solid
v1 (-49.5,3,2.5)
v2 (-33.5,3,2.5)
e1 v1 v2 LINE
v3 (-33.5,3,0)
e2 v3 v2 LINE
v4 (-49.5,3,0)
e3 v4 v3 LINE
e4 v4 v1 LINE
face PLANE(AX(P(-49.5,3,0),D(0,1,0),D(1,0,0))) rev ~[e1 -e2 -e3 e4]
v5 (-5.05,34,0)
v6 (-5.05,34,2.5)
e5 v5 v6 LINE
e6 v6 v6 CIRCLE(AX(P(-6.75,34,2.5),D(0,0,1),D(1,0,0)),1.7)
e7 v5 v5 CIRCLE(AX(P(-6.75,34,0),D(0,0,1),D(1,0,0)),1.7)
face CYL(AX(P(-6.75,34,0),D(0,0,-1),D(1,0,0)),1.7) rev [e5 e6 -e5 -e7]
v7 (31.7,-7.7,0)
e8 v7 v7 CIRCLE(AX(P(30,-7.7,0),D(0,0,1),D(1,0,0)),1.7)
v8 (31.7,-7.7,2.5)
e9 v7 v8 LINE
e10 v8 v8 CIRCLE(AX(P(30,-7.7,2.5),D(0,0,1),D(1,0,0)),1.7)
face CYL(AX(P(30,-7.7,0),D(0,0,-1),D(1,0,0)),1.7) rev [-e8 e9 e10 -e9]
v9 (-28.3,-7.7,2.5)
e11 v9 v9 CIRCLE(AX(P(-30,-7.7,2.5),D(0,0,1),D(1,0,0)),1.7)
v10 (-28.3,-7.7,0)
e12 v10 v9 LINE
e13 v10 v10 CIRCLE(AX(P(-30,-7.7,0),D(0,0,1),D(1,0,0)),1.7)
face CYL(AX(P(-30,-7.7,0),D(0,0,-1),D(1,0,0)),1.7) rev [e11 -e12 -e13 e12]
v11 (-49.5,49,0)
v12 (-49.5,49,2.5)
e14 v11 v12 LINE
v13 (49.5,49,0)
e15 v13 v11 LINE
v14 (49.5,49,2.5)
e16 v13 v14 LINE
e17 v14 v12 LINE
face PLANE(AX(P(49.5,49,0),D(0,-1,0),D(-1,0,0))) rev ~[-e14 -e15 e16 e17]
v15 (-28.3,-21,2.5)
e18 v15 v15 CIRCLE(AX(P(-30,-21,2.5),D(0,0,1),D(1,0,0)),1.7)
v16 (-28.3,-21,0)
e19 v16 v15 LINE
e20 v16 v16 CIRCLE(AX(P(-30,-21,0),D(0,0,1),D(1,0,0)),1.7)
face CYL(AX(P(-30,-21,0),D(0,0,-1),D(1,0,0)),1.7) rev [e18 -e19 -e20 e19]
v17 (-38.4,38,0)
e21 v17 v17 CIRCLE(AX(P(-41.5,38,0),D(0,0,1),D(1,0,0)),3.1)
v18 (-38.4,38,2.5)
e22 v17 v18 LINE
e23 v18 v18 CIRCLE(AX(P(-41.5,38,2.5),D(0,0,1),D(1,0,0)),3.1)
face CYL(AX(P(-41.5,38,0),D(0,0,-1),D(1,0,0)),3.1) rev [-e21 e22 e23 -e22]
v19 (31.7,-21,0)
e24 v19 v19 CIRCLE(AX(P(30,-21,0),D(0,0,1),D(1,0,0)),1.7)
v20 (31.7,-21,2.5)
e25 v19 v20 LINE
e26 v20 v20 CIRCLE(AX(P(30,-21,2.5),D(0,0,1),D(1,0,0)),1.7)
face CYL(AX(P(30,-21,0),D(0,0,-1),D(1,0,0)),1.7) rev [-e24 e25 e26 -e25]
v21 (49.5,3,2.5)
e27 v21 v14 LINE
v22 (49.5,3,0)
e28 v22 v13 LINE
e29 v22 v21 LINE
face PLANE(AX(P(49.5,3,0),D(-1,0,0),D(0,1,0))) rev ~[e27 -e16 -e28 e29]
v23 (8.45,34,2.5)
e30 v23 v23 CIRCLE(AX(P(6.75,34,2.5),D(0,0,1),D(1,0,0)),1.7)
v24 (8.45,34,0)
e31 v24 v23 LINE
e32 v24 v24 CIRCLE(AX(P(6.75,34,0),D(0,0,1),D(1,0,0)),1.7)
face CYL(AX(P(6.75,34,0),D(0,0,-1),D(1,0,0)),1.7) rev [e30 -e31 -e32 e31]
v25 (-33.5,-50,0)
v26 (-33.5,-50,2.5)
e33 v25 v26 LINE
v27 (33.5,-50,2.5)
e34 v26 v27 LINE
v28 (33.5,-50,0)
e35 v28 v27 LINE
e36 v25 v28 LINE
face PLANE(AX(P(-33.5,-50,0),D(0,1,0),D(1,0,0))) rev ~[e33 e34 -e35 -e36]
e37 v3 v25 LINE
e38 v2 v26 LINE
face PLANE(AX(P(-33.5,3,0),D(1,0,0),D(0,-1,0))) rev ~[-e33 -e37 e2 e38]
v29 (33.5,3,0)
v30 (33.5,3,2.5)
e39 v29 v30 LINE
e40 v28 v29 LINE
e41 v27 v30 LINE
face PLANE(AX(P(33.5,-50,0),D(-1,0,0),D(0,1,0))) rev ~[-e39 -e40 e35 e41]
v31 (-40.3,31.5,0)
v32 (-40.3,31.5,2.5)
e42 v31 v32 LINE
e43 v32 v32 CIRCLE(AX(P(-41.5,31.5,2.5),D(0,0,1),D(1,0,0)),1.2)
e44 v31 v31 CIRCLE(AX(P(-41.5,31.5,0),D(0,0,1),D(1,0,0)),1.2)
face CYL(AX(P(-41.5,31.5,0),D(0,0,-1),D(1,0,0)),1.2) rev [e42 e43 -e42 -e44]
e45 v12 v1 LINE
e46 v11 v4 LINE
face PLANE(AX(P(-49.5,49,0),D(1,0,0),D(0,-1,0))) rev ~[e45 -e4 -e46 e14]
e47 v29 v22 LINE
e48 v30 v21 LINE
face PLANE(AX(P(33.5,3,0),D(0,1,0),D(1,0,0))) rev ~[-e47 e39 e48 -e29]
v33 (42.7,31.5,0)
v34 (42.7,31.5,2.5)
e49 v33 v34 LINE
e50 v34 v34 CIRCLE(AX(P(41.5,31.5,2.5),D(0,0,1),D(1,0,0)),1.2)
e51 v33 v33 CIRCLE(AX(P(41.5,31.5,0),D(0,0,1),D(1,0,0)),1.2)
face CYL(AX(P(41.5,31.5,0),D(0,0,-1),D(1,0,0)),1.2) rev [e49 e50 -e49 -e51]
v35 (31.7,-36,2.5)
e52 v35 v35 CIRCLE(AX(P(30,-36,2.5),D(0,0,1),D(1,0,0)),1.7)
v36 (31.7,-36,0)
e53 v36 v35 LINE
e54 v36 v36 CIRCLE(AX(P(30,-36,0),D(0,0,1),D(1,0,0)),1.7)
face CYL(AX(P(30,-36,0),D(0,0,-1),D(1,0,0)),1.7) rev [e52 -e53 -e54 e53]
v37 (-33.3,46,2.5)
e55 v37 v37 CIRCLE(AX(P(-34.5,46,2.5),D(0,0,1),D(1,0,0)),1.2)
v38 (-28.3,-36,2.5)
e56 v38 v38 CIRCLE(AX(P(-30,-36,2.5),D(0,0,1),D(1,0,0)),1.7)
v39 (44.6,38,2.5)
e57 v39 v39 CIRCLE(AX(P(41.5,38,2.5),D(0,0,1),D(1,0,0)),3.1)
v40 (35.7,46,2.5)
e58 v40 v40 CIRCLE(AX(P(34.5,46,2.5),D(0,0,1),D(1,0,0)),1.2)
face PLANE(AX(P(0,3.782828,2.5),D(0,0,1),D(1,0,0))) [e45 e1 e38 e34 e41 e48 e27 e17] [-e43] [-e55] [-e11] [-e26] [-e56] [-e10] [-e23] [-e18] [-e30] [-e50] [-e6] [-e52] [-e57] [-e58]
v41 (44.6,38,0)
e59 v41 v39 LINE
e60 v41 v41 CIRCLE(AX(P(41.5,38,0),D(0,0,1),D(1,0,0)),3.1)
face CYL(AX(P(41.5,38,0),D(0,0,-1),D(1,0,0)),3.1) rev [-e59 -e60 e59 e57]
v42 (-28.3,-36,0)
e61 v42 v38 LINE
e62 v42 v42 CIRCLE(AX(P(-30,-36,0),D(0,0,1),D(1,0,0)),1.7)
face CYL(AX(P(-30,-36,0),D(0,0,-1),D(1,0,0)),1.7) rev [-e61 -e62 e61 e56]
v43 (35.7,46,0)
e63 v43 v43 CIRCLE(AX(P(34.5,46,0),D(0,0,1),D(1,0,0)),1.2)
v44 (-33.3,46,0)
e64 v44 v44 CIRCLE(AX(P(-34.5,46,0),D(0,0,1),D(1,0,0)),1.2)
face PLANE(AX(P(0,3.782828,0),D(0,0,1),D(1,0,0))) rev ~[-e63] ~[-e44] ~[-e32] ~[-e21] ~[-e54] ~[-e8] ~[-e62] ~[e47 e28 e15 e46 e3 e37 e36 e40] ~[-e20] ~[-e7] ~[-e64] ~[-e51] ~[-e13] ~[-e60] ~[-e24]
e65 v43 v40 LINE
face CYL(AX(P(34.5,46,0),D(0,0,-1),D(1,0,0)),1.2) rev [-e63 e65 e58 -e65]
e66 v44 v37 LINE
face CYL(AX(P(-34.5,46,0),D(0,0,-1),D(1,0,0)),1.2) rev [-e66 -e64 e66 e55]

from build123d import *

# Parameters (mm, degrees)
F0_R     = 1.7
F0_R_2   = 1.2
F0_R_3   = 3.1
F1_DEPTH = 2.5


with BuildPart() as f1:
    # F0 (on Top) → F1 (new body)
    with BuildSketch(Plane.XY):
        Polygon((49.5, 49), (0, 49), (-49.5, 49), (-49.5, 3), (-33.5, 3), (-33.5, -50), (0, -50), (33.5, -50), (33.5, 3), (49.5, 3), align=None)
        with Locations((-30, -36)):
            Circle(F0_R, mode=Mode.SUBTRACT)
        with Locations((-30, -21)):
            Circle(F0_R, mode=Mode.SUBTRACT)
        with Locations((-30, -7.7)):
            Circle(F0_R, mode=Mode.SUBTRACT)
        with Locations((30, -36)):
            Circle(F0_R, mode=Mode.SUBTRACT)
        with Locations((30, -21)):
            Circle(F0_R, mode=Mode.SUBTRACT)
        with Locations((30, -7.7)):
            Circle(F0_R, mode=Mode.SUBTRACT)
        with Locations((-41.5, 31.5)):
            Circle(F0_R_2, mode=Mode.SUBTRACT)
        with Locations((-41.5, 38)):
            Circle(F0_R_3, mode=Mode.SUBTRACT)
        with Locations((-34.5, 46)):
            Circle(F0_R_2, mode=Mode.SUBTRACT)
        with Locations((-6.75, 34)):
            Circle(F0_R, mode=Mode.SUBTRACT)
        with Locations((6.75, 34)):
            Circle(F0_R, mode=Mode.SUBTRACT)
        with Locations((41.5, 31.5)):
            Circle(F0_R_2, mode=Mode.SUBTRACT)
        with Locations((34.5, 46)):
            Circle(F0_R_2, mode=Mode.SUBTRACT)
        with Locations((41.5, 38)):
            Circle(F0_R_3, mode=Mode.SUBTRACT)
    extrude(amount=F1_DEPTH)


solid = f1.part
